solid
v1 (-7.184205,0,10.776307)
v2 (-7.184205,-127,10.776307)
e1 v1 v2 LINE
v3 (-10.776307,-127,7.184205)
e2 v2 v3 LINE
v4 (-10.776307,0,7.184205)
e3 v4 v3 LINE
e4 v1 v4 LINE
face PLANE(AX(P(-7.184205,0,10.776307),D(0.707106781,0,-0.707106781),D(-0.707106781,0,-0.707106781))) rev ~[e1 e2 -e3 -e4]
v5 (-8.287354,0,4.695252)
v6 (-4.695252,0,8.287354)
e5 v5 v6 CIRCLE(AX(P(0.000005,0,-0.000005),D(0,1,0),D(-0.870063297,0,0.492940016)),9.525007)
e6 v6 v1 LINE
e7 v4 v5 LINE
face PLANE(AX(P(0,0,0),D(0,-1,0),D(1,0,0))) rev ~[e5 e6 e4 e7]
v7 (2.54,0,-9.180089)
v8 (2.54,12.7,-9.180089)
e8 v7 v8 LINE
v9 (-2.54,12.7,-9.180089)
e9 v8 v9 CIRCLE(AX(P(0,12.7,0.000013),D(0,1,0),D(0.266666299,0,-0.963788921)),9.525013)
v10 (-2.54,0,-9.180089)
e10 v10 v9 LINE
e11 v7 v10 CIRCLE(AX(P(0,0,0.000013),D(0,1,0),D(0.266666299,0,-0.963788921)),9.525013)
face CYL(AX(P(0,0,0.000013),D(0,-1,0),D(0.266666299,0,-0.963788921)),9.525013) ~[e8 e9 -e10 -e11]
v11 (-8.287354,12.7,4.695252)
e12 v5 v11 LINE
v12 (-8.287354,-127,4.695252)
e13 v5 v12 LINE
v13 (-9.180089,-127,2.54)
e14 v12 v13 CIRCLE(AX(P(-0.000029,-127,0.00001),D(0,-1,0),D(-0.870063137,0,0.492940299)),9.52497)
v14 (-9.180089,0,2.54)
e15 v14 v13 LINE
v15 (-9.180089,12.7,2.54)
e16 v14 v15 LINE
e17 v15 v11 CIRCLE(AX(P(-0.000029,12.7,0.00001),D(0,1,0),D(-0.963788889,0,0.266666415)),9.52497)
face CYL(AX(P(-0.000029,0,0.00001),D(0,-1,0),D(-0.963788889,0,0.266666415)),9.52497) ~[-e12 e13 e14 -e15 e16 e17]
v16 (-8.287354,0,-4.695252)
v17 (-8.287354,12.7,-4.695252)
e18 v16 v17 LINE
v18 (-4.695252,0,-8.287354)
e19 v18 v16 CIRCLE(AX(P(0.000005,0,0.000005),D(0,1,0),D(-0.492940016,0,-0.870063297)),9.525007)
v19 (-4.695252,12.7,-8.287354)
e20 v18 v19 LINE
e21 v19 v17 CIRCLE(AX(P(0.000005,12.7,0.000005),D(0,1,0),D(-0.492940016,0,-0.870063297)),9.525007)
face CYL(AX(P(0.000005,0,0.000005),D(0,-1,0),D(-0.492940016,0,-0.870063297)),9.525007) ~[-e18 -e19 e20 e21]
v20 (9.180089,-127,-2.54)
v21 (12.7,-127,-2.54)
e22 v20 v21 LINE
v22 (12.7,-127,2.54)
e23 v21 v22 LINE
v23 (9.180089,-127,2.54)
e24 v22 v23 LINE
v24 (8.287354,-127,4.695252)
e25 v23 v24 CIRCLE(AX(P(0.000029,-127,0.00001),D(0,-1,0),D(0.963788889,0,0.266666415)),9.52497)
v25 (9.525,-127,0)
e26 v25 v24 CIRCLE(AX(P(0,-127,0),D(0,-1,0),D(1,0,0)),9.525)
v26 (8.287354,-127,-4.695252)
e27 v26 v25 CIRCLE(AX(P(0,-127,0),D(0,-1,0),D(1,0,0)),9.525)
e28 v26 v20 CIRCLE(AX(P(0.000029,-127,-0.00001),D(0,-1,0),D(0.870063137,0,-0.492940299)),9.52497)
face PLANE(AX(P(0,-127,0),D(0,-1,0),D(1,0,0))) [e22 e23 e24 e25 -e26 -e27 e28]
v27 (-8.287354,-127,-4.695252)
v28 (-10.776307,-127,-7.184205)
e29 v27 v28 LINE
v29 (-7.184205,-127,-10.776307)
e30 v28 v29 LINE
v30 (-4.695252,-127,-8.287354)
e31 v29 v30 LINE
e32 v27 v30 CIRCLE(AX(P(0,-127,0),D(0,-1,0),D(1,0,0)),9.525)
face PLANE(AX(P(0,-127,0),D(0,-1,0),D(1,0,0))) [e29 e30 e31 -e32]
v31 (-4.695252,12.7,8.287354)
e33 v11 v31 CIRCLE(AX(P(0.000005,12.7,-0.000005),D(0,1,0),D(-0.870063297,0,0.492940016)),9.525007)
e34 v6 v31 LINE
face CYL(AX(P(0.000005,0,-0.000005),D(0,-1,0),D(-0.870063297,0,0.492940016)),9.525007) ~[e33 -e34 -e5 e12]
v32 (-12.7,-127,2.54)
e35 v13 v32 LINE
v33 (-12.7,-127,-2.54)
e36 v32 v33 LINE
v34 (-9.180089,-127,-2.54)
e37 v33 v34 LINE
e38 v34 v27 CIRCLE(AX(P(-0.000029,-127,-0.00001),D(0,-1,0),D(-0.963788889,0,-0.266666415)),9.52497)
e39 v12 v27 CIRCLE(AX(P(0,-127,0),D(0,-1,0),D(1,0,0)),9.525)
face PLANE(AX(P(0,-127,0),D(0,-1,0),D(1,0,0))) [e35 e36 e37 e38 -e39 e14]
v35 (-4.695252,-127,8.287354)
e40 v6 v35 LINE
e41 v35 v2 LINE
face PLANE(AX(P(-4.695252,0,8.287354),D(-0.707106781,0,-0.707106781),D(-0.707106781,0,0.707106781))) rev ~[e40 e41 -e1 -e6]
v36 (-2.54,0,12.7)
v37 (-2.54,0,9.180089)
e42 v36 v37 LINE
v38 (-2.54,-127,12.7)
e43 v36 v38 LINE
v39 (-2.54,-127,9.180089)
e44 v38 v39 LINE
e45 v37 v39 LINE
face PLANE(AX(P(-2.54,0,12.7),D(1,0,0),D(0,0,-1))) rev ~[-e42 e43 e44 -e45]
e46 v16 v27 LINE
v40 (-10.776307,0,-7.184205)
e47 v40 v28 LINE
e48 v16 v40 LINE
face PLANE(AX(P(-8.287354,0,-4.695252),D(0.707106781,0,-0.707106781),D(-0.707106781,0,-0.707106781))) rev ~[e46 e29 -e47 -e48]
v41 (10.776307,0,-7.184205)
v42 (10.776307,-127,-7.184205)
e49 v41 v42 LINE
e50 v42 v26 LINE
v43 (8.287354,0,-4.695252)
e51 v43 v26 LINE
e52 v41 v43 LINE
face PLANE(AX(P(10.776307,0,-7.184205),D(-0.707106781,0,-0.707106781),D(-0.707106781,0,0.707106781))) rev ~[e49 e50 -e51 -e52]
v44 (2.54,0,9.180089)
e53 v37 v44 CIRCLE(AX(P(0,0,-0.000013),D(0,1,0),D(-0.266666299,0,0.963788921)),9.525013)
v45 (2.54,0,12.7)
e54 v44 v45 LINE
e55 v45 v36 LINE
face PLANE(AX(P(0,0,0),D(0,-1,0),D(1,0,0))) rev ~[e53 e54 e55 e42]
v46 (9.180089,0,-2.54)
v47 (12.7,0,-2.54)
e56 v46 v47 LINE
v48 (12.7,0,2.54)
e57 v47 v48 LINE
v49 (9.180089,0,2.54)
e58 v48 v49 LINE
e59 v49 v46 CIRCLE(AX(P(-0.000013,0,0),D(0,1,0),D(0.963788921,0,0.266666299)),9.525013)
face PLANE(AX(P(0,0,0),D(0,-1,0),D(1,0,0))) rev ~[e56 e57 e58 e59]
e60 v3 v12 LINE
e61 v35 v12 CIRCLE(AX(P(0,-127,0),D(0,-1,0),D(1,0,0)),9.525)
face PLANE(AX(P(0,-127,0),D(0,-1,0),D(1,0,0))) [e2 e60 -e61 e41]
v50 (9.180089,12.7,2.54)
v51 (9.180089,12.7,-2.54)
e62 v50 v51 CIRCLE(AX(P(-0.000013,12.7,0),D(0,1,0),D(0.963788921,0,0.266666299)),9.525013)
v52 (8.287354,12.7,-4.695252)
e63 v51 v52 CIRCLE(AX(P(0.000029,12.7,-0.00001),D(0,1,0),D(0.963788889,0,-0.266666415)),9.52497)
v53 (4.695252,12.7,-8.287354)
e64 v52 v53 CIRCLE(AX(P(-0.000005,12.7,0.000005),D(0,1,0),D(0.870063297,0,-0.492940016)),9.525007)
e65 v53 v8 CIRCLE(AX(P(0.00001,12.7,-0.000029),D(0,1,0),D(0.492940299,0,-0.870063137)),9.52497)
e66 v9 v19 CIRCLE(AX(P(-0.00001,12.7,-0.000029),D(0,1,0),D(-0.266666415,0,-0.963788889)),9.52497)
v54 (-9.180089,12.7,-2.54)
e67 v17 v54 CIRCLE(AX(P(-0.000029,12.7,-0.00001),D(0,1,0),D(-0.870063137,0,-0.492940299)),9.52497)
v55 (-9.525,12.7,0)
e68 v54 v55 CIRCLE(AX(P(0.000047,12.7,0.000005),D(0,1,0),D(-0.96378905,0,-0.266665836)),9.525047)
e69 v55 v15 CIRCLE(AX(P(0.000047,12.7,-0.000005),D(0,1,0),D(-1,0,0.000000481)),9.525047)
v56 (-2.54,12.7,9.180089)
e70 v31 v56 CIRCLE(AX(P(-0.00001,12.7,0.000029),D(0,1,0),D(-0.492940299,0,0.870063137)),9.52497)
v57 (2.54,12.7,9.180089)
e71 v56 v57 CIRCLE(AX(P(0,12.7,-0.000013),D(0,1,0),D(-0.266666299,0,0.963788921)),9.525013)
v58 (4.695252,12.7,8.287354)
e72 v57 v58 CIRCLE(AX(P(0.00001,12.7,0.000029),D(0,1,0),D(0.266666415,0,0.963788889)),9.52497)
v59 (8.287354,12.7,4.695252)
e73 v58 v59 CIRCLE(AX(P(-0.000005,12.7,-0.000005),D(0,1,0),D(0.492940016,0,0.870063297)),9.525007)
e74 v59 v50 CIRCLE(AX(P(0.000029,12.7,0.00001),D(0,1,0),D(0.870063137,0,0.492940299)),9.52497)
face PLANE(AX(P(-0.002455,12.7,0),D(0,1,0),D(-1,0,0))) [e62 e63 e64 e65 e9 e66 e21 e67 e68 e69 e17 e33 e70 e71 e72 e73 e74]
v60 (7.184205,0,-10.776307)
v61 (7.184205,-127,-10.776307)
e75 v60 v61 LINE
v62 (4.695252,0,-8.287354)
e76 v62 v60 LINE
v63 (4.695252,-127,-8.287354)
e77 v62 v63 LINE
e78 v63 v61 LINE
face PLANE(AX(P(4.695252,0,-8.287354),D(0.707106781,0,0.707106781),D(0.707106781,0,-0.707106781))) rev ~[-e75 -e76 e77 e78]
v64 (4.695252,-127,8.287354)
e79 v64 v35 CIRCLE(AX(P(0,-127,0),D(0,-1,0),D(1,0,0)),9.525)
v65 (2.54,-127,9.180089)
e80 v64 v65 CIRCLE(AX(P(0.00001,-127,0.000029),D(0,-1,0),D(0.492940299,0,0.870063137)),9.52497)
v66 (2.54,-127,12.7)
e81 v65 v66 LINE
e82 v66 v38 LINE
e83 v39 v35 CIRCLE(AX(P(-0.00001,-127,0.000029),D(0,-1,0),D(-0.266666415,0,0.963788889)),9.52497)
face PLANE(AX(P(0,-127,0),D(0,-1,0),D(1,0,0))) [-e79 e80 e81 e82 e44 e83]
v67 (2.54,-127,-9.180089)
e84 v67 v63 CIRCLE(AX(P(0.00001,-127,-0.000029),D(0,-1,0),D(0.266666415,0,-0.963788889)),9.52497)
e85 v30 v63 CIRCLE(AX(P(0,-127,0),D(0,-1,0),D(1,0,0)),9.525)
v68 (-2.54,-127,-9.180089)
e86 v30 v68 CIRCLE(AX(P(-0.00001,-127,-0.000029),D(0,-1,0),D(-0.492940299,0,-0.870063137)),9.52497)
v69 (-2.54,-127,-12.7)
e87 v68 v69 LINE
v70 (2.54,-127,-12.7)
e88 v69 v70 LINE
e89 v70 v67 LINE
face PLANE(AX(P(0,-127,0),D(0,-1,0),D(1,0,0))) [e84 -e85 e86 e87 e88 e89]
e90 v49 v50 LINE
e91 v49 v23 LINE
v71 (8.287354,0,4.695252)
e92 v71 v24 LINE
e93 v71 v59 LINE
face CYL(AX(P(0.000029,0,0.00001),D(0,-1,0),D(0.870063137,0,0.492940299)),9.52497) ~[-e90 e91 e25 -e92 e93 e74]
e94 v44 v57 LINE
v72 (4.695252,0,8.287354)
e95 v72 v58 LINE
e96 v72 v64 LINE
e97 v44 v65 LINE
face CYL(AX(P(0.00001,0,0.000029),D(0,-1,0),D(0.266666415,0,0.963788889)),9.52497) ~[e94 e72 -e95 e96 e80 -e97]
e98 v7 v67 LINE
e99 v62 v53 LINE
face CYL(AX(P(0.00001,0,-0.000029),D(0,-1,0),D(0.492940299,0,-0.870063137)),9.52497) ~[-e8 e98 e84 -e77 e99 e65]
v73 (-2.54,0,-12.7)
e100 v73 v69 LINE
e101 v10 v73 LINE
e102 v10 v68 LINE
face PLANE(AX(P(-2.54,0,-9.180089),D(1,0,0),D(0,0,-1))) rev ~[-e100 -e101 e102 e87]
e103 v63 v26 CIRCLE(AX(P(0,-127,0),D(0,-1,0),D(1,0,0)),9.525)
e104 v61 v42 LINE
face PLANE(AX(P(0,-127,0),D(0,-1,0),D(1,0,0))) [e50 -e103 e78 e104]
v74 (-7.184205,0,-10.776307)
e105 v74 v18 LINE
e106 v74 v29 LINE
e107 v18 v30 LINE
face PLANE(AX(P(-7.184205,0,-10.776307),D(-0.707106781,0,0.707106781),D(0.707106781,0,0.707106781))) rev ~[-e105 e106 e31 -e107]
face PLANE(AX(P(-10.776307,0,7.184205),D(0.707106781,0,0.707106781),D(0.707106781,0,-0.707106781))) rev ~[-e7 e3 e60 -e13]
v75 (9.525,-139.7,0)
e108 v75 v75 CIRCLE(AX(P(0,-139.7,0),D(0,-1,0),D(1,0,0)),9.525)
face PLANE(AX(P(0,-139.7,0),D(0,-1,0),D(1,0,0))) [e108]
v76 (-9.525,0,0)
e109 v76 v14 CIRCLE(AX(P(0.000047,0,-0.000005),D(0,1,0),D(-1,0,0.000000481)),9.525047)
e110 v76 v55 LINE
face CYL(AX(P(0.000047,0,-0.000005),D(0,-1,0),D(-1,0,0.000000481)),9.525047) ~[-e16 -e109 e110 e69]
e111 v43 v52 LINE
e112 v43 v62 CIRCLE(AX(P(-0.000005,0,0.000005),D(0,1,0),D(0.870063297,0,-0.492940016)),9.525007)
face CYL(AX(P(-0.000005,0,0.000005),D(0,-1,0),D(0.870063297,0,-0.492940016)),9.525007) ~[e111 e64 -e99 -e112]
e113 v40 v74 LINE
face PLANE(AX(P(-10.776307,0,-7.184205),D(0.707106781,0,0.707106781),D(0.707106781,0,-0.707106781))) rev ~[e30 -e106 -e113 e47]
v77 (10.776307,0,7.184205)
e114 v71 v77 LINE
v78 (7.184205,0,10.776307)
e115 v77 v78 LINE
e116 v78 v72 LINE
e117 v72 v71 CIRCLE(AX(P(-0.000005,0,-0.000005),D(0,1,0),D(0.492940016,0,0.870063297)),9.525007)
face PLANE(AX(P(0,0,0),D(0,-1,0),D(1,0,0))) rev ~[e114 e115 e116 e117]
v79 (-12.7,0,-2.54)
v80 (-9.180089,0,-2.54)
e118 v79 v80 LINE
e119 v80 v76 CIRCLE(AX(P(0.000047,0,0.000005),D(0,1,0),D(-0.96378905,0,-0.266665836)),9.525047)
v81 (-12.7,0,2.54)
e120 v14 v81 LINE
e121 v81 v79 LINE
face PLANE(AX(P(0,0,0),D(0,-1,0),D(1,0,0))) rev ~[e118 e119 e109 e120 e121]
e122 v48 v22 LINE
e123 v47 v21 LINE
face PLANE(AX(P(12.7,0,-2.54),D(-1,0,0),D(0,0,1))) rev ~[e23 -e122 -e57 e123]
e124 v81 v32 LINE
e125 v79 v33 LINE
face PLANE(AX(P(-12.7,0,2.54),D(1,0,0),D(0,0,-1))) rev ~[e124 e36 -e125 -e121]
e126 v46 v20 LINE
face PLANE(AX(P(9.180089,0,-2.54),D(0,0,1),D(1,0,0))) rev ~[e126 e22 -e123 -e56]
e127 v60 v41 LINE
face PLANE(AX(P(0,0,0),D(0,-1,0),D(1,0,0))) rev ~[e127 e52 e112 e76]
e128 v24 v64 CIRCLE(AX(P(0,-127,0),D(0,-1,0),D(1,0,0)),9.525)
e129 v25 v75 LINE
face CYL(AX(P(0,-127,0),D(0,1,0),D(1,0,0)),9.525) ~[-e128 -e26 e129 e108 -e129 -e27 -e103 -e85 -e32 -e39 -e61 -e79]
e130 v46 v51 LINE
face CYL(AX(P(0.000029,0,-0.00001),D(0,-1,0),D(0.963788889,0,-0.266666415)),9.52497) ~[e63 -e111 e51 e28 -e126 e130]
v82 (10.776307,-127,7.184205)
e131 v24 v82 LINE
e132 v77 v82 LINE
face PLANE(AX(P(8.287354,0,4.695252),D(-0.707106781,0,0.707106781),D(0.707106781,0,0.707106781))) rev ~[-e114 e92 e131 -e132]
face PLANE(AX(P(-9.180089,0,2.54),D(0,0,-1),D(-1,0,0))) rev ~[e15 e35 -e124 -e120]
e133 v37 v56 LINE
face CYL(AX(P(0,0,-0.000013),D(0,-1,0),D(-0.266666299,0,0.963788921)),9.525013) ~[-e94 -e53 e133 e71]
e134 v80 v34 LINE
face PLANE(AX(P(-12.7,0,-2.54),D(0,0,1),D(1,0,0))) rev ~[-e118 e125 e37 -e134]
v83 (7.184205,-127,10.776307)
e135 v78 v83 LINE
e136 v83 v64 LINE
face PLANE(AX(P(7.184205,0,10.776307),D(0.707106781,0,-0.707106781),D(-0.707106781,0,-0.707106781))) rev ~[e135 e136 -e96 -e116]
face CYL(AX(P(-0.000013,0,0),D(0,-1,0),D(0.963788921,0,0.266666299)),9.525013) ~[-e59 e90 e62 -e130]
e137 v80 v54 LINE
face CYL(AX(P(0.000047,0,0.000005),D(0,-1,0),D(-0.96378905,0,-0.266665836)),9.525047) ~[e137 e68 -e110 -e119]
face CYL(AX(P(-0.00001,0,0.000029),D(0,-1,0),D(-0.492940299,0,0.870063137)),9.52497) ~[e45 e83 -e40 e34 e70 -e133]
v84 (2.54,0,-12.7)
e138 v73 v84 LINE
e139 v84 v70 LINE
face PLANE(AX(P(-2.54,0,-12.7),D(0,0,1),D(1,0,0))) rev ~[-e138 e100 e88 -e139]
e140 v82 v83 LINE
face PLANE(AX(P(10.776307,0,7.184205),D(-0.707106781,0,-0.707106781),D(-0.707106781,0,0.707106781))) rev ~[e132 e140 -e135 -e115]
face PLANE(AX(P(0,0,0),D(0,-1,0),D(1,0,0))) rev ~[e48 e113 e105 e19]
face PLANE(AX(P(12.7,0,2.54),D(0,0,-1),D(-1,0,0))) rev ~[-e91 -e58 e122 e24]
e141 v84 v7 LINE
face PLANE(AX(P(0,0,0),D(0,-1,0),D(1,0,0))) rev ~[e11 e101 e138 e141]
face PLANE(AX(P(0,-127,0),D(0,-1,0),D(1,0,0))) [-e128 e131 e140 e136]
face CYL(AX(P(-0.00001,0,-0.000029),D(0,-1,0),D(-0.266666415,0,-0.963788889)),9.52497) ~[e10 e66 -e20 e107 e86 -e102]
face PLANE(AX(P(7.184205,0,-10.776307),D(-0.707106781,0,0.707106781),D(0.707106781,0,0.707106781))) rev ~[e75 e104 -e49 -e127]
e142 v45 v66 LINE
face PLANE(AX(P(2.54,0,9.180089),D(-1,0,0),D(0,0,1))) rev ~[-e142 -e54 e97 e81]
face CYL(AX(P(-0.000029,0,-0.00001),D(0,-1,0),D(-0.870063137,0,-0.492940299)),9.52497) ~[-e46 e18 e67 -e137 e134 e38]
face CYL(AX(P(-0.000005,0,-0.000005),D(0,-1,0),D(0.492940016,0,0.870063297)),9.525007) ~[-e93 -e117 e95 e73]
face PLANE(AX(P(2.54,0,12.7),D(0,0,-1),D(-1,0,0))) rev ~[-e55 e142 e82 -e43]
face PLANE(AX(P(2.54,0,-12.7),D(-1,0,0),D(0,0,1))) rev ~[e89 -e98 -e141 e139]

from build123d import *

# Parameters (mm, degrees)
F1_DEPTH = 127
F2_R     = 9.525
F3_DEPTH = 12.7
F5_DEPTH = 12.7


with BuildPart() as f1:
    # F0 (on Front) → F1 (new body)
    with BuildSketch(Plane.XZ):
        with BuildLine():
            Line((2.54, 12.7), (-2.54, 12.7))
            Line((-2.54, 12.7), (-2.54, 9.180089))
            ThreePointArc((-2.54, 9.180089), (-3.64506, 8.799953), (-4.695252, 8.287354))
            Line((-4.695252, 8.287354), (-7.184205, 10.776307))
            Line((-7.184205, 10.776307), (-8.980256, 8.980256))
            Line((-8.980256, 8.980256), (-10.776307, 7.184205))
            Line((-10.776307, 7.184205), (-8.287354, 4.695252))
            ThreePointArc((-8.287354, 4.695252), (-8.799953, 3.64506), (-9.180089, 2.54))
            Line((-9.180089, 2.54), (-12.7, 2.54))
            Line((-12.7, 2.54), (-12.7, -2.54))
            Line((-12.7, -2.54), (-9.180089, -2.54))
            ThreePointArc((-9.180089, -2.54), (-8.799953, -3.64506), (-8.287354, -4.695252))
            Line((-8.287354, -4.695252), (-10.776307, -7.184205))
            Line((-10.776307, -7.184205), (-8.980256, -8.980256))
            Line((-8.980256, -8.980256), (-7.184205, -10.776307))
            Line((-7.184205, -10.776307), (-4.695252, -8.287354))
            ThreePointArc((-4.695252, -8.287354), (-3.64506, -8.799953), (-2.54, -9.180089))
            Line((-2.54, -9.180089), (-2.54, -12.7))
            Line((-2.54, -12.7), (2.54, -12.7))
            Line((2.54, -12.7), (2.54, -9.180089))
            ThreePointArc((2.54, -9.180089), (3.64506, -8.799953), (4.695252, -8.287354))
            Line((4.695252, -8.287354), (7.184205, -10.776307))
            Line((7.184205, -10.776307), (8.980256, -8.980256))
            Line((8.980256, -8.980256), (10.776307, -7.184205))
            Line((10.776307, -7.184205), (8.287354, -4.695252))
            ThreePointArc((8.287354, -4.695252), (8.799953, -3.64506), (9.180089, -2.54))
            Line((9.180089, -2.54), (12.7, -2.54))
            Line((12.7, -2.54), (12.7, 2.54))
            Line((12.7, 2.54), (9.180089, 2.54))
            ThreePointArc((9.180089, 2.54), (8.799953, 3.64506), (8.287354, 4.695252))
            Line((8.287354, 4.695252), (10.776307, 7.184205))
            Line((10.776307, 7.184205), (8.980256, 8.980256))
            Line((8.980256, 8.980256), (7.184205, 10.776307))
            Line((7.184205, 10.776307), (4.695252, 8.287354))
            ThreePointArc((4.695252, 8.287354), (3.64506, 8.799953), (2.54, 9.180089))
            Line((2.54, 9.180089), (2.54, 12.7))
        make_face()
    extrude(amount=F1_DEPTH)

    # F2 (on face) → F3 (join)
    with BuildSketch(Plane.XZ.offset(127)):
        Circle(F2_R)
    extrude(amount=F3_DEPTH)

    # F4 (on face) → F5 (join)
    with BuildSketch(Plane(origin=(0, 0, 0), x_dir=(-1, 0, 0), z_dir=(0, 1, 0))):
        with BuildLine():
            ThreePointArc((9.180089, -2.54), (9.438378, -1.281656), (9.525, 0))
            ThreePointArc((9.525, 0), (9.438378, 1.281656), (9.180089, 2.54))
            ThreePointArc((9.180089, 2.54), (8.799953, 3.64506), (8.287354, 4.695252))
            ThreePointArc((8.287354, 4.695252), (6.735192, 6.735192), (4.695252, 8.287354))
            ThreePointArc((4.695252, 8.287354), (3.64506, 8.799953), (2.54, 9.180089))
            ThreePointArc((2.54, 9.180089), (0, 9.525), (-2.54, 9.180089))
            ThreePointArc((-2.54, 9.180089), (-3.64506, 8.799953), (-4.695252, 8.287354))
            ThreePointArc((-4.695252, 8.287354), (-6.735192, 6.735192), (-8.287354, 4.695252))
            ThreePointArc((-8.287354, 4.695252), (-8.799953, 3.64506), (-9.180089, 2.54))
            ThreePointArc((-9.180089, 2.54), (-9.525, 0), (-9.180089, -2.54))
            ThreePointArc((-9.180089, -2.54), (-8.799953, -3.64506), (-8.287354, -4.695252))
            ThreePointArc((-8.287354, -4.695252), (-6.735192, -6.735192), (-4.695252, -8.287354))
            ThreePointArc((-4.695252, -8.287354), (-3.64506, -8.799953), (-2.54, -9.180089))
            ThreePointArc((-2.54, -9.180089), (0, -9.525), (2.54, -9.180089))
            ThreePointArc((2.54, -9.180089), (3.64506, -8.799953), (4.695252, -8.287354))
            ThreePointArc((4.695252, -8.287354), (6.735192, -6.735192), (8.287354, -4.695252))
            ThreePointArc((8.287354, -4.695252), (8.799953, -3.64506), (9.180089, -2.54))
        make_face()
    extrude(amount=F5_DEPTH)


solid = f1.part
